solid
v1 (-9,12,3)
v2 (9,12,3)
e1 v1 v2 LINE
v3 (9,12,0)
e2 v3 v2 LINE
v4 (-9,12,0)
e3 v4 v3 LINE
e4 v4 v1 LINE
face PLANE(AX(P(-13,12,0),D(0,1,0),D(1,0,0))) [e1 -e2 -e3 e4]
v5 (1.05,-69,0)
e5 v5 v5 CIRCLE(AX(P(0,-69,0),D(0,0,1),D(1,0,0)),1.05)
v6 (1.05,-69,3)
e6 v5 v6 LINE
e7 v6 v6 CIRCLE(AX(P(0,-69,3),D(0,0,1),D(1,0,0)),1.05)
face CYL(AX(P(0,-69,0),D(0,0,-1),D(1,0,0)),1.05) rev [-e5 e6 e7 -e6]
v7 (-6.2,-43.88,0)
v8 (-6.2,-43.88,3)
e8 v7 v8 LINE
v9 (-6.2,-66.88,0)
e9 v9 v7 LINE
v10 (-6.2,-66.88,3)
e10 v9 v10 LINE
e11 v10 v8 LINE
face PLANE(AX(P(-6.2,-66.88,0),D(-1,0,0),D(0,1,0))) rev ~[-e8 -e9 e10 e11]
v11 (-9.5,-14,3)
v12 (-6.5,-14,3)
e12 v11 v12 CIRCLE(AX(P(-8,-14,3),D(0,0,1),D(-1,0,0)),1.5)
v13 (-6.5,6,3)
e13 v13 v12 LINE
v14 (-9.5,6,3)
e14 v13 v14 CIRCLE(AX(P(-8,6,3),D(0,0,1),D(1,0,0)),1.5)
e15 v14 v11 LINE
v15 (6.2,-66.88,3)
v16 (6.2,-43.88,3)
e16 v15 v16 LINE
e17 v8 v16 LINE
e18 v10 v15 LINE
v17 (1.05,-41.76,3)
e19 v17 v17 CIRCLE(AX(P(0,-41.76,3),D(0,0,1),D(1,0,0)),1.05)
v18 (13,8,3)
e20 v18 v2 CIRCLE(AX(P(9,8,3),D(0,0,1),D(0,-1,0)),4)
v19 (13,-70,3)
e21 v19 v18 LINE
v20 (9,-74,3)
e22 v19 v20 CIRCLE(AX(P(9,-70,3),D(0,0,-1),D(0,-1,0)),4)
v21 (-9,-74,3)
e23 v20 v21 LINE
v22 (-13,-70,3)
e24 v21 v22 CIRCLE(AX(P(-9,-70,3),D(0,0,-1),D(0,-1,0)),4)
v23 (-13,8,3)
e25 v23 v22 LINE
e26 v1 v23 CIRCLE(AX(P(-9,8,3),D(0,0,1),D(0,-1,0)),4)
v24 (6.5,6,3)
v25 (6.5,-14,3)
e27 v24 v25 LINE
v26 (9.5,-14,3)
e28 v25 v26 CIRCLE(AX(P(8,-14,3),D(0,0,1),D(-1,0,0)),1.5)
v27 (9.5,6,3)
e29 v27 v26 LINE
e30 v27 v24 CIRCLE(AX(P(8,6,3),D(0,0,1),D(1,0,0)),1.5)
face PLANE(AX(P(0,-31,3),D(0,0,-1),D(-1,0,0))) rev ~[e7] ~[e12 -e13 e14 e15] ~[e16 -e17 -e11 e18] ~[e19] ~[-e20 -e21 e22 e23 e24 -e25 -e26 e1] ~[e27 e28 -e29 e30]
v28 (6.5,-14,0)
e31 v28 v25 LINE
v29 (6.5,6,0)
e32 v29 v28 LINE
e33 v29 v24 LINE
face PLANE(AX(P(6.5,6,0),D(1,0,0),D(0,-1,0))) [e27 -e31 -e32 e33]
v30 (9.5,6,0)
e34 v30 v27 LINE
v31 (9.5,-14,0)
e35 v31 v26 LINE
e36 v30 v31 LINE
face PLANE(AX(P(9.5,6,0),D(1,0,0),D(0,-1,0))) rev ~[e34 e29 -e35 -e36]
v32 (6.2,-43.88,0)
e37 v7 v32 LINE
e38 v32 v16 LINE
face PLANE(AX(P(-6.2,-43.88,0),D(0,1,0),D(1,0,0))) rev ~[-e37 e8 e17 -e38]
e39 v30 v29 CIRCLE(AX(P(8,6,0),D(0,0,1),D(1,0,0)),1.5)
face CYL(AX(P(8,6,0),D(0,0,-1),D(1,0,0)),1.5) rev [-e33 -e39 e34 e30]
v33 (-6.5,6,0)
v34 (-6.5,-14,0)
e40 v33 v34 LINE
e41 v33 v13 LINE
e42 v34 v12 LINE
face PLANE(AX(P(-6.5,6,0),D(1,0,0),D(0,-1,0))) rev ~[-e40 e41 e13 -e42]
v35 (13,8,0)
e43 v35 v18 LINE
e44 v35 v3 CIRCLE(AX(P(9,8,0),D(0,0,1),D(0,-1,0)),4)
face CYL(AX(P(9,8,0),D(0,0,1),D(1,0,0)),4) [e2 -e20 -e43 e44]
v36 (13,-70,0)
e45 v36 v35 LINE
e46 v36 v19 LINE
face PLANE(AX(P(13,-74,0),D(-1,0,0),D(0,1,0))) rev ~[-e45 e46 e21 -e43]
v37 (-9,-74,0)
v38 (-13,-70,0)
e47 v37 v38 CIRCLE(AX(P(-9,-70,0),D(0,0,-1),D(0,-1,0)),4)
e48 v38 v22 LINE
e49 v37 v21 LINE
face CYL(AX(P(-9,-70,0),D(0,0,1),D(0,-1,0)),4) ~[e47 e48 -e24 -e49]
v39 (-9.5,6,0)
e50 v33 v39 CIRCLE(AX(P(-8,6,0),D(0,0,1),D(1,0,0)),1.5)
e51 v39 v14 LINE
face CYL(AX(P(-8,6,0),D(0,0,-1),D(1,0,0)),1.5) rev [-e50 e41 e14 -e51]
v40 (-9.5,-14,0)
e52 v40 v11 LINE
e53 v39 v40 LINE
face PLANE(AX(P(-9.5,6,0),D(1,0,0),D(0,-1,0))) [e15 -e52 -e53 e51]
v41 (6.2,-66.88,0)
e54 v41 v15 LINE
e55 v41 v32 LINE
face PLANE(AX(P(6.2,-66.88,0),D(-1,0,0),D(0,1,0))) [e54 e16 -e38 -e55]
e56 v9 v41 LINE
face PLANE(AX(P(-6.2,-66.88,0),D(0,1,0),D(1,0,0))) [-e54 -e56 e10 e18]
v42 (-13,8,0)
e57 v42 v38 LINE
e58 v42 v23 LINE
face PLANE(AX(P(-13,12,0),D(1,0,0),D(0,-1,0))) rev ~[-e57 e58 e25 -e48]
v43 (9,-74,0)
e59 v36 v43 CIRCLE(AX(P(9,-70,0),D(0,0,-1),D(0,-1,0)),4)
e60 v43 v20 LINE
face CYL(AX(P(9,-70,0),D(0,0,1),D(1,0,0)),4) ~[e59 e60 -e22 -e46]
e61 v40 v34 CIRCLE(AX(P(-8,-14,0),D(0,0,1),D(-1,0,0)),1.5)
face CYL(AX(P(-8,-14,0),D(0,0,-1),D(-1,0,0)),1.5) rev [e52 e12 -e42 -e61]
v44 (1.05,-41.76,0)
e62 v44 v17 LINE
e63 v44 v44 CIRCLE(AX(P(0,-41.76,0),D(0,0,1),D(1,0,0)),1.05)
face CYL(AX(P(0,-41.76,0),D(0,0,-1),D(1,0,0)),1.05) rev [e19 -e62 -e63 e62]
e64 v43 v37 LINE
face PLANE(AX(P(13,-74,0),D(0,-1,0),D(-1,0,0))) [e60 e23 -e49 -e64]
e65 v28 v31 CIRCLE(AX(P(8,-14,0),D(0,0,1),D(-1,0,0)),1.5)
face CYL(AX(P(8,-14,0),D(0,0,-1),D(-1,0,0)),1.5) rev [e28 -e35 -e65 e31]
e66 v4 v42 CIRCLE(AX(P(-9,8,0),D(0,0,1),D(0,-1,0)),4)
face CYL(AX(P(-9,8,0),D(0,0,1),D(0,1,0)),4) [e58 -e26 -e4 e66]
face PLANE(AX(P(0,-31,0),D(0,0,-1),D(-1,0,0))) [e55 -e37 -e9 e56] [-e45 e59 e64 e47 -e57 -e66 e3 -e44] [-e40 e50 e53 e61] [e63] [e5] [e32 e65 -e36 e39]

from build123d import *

# Parameters (mm, degrees)
SKETCH_R  = 1.05
SKETCH_W  = 12.4
SKETCH_H  = 23
PAD_DEPTH = 3
FILLET_R  = 4


with BuildPart() as part:
    # Sketch → Pad (new body)
    with BuildSketch(Plane.XY):
        Polygon((13, -50), (13, -74), (-13, -74), (-13, -50), (-13, -20), (-13, 12), (13, 12), (13, -20), align=None)
        with Locations((0, -41.76)):
            Circle(SKETCH_R, mode=Mode.SUBTRACT)
        with Locations((0, -69)):
            Circle(SKETCH_R, mode=Mode.SUBTRACT)
        with Locations((0, -55.38)):
            Rectangle(SKETCH_W, SKETCH_H, mode=Mode.SUBTRACT)
        with BuildLine():
            ThreePointArc((-6.5, 6), (-8, 7.5), (-9.5, 6))
            Line((-9.5, 6), (-9.5, -14))
            ThreePointArc((-9.5, -14), (-8, -15.5), (-6.5, -14))
            Line((-6.5, 6), (-6.5, -14))
        make_face(mode=Mode.SUBTRACT)
        with BuildLine():
            ThreePointArc((9.5, 6), (8, 7.5), (6.5, 6))
            Line((6.5, 6), (6.5, -14))
            ThreePointArc((6.5, -14), (8, -15.5), (9.5, -14))
            Line((9.5, 6), (9.5, -14))
        make_face(mode=Mode.SUBTRACT)
    extrude(amount=PAD_DEPTH)

    # Fillet
    fillet_edges = [part.edges().sort_by_distance(p)[0] for p in [
        (13, -74, 1.5),
        (-13, -74, 1.5),
        (13, 12, 1.5),
        (-13, 12, 1.5),
    ]]
    fillet(fillet_edges, radius=FILLET_R)


solid = part.part
